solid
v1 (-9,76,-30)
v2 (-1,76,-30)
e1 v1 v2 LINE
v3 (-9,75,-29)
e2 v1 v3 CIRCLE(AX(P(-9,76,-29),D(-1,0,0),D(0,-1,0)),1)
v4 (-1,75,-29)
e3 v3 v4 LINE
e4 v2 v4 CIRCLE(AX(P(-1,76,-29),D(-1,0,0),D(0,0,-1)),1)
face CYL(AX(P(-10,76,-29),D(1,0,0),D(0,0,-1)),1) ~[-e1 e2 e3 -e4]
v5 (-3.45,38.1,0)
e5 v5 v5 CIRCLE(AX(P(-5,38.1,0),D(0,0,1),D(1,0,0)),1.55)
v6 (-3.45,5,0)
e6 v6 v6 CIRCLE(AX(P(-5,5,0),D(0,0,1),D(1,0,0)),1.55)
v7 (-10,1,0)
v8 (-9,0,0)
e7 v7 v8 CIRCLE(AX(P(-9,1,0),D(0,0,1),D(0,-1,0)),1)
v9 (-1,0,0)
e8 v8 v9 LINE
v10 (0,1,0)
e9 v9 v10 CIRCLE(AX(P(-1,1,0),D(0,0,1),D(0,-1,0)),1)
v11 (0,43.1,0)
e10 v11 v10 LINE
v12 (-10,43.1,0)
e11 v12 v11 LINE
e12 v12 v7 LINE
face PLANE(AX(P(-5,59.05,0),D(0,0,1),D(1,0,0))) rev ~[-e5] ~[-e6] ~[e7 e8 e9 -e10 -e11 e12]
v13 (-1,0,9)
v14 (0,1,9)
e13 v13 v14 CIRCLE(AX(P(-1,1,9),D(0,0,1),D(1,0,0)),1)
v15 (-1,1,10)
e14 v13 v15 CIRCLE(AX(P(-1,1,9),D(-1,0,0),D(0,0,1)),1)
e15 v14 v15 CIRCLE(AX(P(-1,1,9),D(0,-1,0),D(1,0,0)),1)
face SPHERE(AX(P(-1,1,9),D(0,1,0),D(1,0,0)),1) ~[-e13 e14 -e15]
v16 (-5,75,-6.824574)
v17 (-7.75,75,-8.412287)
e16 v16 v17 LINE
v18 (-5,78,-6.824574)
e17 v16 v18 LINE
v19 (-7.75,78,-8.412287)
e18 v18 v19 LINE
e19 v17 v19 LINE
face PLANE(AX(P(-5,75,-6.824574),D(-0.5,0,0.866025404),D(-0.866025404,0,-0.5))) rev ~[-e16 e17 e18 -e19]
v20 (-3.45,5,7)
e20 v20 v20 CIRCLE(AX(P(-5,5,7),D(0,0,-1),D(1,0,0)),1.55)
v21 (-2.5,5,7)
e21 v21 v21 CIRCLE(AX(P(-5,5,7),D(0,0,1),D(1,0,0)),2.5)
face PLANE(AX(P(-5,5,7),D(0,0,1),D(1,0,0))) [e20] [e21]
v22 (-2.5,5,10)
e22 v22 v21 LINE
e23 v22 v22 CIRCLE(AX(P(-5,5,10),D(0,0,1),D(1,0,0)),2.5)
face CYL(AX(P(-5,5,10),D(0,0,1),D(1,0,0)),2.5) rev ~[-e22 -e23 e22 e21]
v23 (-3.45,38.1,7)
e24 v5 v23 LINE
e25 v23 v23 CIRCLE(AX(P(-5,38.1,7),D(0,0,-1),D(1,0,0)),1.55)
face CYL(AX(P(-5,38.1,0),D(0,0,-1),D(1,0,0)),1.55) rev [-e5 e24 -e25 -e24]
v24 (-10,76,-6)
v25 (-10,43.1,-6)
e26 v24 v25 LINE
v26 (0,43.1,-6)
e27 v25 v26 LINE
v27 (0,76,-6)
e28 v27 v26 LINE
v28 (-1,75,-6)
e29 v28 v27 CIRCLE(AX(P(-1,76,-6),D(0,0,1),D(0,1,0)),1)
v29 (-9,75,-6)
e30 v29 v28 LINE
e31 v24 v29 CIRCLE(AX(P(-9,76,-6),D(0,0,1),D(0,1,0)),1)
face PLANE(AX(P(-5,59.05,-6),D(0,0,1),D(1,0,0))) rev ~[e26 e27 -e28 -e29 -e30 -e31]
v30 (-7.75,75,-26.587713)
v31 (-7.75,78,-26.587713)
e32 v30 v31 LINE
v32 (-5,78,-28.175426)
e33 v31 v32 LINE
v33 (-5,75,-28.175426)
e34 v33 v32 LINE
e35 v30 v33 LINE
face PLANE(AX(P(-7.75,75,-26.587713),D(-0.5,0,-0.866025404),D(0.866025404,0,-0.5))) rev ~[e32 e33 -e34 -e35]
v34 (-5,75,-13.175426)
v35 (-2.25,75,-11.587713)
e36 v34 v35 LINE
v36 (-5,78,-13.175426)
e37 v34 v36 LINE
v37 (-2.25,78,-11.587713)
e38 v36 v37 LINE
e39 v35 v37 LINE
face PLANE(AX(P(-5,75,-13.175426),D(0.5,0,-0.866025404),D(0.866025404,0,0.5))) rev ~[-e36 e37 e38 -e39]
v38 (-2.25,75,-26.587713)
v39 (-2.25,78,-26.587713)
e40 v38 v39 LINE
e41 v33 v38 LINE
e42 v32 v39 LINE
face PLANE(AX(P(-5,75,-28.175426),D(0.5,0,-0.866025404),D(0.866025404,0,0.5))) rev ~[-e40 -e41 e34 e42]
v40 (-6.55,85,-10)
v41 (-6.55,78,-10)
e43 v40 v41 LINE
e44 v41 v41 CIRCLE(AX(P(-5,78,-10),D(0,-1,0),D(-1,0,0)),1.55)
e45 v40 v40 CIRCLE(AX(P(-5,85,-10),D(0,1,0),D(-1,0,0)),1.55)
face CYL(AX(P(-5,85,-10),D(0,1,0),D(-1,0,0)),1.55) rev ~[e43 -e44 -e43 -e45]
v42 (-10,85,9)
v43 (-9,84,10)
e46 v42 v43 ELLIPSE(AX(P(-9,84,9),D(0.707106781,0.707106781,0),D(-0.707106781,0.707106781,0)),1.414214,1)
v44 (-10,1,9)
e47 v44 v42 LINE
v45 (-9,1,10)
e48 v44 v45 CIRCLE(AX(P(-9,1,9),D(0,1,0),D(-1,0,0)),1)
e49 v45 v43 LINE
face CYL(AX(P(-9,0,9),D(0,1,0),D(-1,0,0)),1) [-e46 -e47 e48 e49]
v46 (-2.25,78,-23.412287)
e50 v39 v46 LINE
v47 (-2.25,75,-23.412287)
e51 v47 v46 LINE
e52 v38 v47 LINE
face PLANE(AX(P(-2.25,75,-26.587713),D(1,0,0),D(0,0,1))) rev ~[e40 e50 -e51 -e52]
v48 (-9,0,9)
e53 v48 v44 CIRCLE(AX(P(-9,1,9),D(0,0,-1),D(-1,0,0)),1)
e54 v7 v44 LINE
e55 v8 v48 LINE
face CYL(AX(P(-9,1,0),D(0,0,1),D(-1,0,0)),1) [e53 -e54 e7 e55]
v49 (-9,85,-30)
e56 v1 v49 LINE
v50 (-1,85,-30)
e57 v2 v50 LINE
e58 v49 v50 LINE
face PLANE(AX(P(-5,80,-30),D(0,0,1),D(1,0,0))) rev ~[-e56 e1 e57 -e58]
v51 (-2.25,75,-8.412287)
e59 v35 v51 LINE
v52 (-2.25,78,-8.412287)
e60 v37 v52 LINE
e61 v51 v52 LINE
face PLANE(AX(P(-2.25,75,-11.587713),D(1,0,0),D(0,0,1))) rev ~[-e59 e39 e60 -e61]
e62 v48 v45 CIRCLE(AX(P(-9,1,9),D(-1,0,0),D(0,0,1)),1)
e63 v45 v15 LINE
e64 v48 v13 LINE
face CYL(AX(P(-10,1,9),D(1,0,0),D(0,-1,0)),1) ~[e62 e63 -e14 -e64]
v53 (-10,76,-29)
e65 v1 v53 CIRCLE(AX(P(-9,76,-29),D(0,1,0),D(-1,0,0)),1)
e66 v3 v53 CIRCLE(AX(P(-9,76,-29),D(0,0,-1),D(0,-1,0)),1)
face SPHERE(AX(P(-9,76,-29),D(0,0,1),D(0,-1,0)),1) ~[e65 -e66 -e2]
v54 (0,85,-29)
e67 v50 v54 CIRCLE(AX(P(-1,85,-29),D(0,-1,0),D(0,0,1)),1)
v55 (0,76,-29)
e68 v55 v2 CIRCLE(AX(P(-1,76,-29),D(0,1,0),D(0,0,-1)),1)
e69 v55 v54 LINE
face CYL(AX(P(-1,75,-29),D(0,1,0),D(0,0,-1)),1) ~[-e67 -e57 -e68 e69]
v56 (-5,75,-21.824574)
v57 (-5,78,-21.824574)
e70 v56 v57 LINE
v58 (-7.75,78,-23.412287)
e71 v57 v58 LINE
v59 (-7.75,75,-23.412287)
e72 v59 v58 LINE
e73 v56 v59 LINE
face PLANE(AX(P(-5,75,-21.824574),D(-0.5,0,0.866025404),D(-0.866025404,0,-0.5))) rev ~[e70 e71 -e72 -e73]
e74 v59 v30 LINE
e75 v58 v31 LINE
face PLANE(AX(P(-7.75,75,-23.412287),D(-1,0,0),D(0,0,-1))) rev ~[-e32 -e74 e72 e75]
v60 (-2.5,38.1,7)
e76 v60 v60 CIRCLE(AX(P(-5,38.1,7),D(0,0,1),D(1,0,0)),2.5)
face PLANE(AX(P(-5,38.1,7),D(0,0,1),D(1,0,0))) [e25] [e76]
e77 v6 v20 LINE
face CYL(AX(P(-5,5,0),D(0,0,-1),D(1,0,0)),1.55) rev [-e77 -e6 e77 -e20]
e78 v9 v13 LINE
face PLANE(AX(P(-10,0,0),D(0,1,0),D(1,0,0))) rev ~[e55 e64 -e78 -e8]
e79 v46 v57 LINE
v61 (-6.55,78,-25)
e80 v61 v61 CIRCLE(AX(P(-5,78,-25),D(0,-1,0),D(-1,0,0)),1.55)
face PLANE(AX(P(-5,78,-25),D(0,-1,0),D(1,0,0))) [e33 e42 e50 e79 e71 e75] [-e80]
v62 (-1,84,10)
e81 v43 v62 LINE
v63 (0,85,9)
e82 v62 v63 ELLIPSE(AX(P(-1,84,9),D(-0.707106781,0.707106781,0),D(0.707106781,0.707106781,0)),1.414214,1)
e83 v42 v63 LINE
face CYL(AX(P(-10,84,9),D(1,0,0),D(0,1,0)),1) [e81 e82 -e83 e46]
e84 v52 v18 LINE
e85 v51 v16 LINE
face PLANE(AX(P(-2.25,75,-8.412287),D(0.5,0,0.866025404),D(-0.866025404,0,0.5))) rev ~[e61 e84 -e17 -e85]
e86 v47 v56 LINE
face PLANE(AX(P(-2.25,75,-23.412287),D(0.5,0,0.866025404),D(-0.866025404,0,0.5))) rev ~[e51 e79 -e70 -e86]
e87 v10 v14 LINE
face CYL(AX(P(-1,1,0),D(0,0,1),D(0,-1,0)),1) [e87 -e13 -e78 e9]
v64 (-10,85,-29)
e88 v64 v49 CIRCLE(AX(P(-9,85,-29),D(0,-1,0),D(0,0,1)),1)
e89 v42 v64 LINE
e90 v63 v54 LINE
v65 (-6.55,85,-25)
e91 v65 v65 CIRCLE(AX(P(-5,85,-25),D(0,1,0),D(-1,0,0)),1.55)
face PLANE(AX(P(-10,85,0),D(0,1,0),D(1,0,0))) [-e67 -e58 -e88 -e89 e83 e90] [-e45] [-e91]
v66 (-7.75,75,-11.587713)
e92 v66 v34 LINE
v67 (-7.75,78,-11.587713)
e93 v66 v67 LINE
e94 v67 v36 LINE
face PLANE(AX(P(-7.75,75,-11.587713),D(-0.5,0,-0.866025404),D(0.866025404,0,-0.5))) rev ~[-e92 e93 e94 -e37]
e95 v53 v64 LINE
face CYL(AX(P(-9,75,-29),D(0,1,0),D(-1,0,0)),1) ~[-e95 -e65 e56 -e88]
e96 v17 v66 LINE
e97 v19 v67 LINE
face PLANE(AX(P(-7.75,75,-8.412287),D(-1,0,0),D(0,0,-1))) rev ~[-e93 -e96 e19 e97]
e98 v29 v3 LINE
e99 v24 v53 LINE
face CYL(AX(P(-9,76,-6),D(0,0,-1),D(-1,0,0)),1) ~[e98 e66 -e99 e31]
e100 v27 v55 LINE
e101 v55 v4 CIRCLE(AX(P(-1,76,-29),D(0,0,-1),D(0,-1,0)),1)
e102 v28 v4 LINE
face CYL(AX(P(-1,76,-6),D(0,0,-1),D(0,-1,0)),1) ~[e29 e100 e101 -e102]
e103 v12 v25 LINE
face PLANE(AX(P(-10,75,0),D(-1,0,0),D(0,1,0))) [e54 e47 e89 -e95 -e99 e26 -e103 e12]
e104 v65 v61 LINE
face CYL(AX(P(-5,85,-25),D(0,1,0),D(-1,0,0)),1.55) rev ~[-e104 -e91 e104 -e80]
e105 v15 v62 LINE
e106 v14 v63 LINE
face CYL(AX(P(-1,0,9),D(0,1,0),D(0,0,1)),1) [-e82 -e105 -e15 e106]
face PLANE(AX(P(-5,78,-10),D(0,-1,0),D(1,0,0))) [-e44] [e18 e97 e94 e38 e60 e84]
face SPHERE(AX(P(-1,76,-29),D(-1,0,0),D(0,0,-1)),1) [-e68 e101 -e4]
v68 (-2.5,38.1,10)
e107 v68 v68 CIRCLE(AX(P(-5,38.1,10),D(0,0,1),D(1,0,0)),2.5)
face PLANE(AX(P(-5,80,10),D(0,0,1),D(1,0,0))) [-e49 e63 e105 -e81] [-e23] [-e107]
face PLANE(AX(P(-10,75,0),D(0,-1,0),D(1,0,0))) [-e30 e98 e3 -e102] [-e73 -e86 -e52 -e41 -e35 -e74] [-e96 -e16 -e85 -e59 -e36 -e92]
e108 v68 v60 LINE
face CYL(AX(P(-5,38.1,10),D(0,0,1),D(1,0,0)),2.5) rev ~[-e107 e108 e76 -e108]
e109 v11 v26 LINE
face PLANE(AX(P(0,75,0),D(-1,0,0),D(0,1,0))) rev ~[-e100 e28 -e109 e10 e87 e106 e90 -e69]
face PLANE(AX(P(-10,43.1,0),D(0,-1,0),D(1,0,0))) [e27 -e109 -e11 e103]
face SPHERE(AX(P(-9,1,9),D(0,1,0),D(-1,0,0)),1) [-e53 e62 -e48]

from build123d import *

# Parameters (mm, degrees)
F0_W          = 10
F0_H          = 43.1
F0_R          = 1.55
F1_DEPTH      = 10
F0_H_2        = 31.9
F2_DEPTH      = 10
F2_DEPTH_BACK = 6
F0_H_3        = 10
F3_DEPTH      = 30
F3_DEPTH_BACK = 10
F4_R          = 1.55
F5_DEPTH      = 15
F6_R          = 1
F7_R          = 1.55
F8_DEPTH      = 3
F9_R          = 2.5
F10_DEPTH     = 3


with BuildPart() as f1:
    # F0 (on Top) → F1 (new body)
    with BuildSketch(Plane.XY):
        with Locations((-5, 21.55)):
            Rectangle(F0_W, F0_H)
        with Locations((-5, 5)):
            Circle(F0_R, mode=Mode.SUBTRACT)
        with Locations((-5, 38.1)):
            Circle(F0_R, mode=Mode.SUBTRACT)
    extrude(amount=F1_DEPTH)

    # F0 (on Top) → F2 (join, two sides)
    with BuildSketch(Plane.XY) as f2_sk:
        with Locations((-5, 59.05)):
            Rectangle(F0_W, F0_H_2)
    extrude(amount=F2_DEPTH)
    extrude(f2_sk.sketch, amount=-F2_DEPTH_BACK)

    # F0 (on Top) → F3 (join, two sides)
    with BuildSketch(Plane.XY) as f3_sk:
        with Locations((-5, 80)):
            Rectangle(F0_W, F0_H_3)
    extrude(amount=-F3_DEPTH)
    extrude(f3_sk.sketch, amount=F3_DEPTH_BACK)

    # F4 (on face) → F5 (cut)
    with BuildSketch(Plane(origin=(0, 85, 0), x_dir=(-1, 0, 0), z_dir=(0, 1, 0))):
        with Locations((5, -25)):
            Circle(F4_R)
        with Locations((5, -10)):
            Circle(F4_R)
    extrude(amount=-F5_DEPTH, mode=Mode.SUBTRACT)

    # F6
    f6_edges = [f1.edges().sort_by_distance(p)[0] for p in [
        (-10, 42.5, 10),
        (0, 42.5, 10),
        (-5, 85, 10),
        (-10, 75, -18),
        (-5, 75, -30),
        (0, 80, -30),
        (-10, 80, -30),
        (-10, 0, 5),
        (0, 0, 5),
        (-5, 0, 10),
        (0, 75, -18),
    ]]
    fillet(f6_edges, radius=F6_R)

    # F7 (on face) → F8 (cut)
    with BuildSketch(Plane.XZ.offset(-75)):
        Polygon((-2.25, -11.5877132403), (-2.25, -8.4122867597), (-5, -6.8245735195), (-7.75, -8.4122867597), (-7.75, -11.5877132403), (-5, -13.1754264805), align=None)
        with Locations((-5, -10)):
            Circle(F7_R, mode=Mode.SUBTRACT)
        Polygon((-2.25, -26.5877132403), (-2.25, -23.4122867597), (-5, -21.8245735195), (-7.75, -23.4122867597), (-7.75, -26.5877132403), (-5, -28.1754264805), align=None)
        with Locations((-5, -25)):
            Circle(F7_R, mode=Mode.SUBTRACT)
    extrude(amount=-F8_DEPTH, mode=Mode.SUBTRACT)

    # F9 (on face) → F10 (cut)
    with BuildSketch(Plane.XY.offset(10)):
        with Locations((-5, 38.1)):
            Circle(F9_R)
        with Locations((-5, 5)):
            Circle(F9_R)
    extrude(amount=-F10_DEPTH, mode=Mode.SUBTRACT)


solid = f1.part
